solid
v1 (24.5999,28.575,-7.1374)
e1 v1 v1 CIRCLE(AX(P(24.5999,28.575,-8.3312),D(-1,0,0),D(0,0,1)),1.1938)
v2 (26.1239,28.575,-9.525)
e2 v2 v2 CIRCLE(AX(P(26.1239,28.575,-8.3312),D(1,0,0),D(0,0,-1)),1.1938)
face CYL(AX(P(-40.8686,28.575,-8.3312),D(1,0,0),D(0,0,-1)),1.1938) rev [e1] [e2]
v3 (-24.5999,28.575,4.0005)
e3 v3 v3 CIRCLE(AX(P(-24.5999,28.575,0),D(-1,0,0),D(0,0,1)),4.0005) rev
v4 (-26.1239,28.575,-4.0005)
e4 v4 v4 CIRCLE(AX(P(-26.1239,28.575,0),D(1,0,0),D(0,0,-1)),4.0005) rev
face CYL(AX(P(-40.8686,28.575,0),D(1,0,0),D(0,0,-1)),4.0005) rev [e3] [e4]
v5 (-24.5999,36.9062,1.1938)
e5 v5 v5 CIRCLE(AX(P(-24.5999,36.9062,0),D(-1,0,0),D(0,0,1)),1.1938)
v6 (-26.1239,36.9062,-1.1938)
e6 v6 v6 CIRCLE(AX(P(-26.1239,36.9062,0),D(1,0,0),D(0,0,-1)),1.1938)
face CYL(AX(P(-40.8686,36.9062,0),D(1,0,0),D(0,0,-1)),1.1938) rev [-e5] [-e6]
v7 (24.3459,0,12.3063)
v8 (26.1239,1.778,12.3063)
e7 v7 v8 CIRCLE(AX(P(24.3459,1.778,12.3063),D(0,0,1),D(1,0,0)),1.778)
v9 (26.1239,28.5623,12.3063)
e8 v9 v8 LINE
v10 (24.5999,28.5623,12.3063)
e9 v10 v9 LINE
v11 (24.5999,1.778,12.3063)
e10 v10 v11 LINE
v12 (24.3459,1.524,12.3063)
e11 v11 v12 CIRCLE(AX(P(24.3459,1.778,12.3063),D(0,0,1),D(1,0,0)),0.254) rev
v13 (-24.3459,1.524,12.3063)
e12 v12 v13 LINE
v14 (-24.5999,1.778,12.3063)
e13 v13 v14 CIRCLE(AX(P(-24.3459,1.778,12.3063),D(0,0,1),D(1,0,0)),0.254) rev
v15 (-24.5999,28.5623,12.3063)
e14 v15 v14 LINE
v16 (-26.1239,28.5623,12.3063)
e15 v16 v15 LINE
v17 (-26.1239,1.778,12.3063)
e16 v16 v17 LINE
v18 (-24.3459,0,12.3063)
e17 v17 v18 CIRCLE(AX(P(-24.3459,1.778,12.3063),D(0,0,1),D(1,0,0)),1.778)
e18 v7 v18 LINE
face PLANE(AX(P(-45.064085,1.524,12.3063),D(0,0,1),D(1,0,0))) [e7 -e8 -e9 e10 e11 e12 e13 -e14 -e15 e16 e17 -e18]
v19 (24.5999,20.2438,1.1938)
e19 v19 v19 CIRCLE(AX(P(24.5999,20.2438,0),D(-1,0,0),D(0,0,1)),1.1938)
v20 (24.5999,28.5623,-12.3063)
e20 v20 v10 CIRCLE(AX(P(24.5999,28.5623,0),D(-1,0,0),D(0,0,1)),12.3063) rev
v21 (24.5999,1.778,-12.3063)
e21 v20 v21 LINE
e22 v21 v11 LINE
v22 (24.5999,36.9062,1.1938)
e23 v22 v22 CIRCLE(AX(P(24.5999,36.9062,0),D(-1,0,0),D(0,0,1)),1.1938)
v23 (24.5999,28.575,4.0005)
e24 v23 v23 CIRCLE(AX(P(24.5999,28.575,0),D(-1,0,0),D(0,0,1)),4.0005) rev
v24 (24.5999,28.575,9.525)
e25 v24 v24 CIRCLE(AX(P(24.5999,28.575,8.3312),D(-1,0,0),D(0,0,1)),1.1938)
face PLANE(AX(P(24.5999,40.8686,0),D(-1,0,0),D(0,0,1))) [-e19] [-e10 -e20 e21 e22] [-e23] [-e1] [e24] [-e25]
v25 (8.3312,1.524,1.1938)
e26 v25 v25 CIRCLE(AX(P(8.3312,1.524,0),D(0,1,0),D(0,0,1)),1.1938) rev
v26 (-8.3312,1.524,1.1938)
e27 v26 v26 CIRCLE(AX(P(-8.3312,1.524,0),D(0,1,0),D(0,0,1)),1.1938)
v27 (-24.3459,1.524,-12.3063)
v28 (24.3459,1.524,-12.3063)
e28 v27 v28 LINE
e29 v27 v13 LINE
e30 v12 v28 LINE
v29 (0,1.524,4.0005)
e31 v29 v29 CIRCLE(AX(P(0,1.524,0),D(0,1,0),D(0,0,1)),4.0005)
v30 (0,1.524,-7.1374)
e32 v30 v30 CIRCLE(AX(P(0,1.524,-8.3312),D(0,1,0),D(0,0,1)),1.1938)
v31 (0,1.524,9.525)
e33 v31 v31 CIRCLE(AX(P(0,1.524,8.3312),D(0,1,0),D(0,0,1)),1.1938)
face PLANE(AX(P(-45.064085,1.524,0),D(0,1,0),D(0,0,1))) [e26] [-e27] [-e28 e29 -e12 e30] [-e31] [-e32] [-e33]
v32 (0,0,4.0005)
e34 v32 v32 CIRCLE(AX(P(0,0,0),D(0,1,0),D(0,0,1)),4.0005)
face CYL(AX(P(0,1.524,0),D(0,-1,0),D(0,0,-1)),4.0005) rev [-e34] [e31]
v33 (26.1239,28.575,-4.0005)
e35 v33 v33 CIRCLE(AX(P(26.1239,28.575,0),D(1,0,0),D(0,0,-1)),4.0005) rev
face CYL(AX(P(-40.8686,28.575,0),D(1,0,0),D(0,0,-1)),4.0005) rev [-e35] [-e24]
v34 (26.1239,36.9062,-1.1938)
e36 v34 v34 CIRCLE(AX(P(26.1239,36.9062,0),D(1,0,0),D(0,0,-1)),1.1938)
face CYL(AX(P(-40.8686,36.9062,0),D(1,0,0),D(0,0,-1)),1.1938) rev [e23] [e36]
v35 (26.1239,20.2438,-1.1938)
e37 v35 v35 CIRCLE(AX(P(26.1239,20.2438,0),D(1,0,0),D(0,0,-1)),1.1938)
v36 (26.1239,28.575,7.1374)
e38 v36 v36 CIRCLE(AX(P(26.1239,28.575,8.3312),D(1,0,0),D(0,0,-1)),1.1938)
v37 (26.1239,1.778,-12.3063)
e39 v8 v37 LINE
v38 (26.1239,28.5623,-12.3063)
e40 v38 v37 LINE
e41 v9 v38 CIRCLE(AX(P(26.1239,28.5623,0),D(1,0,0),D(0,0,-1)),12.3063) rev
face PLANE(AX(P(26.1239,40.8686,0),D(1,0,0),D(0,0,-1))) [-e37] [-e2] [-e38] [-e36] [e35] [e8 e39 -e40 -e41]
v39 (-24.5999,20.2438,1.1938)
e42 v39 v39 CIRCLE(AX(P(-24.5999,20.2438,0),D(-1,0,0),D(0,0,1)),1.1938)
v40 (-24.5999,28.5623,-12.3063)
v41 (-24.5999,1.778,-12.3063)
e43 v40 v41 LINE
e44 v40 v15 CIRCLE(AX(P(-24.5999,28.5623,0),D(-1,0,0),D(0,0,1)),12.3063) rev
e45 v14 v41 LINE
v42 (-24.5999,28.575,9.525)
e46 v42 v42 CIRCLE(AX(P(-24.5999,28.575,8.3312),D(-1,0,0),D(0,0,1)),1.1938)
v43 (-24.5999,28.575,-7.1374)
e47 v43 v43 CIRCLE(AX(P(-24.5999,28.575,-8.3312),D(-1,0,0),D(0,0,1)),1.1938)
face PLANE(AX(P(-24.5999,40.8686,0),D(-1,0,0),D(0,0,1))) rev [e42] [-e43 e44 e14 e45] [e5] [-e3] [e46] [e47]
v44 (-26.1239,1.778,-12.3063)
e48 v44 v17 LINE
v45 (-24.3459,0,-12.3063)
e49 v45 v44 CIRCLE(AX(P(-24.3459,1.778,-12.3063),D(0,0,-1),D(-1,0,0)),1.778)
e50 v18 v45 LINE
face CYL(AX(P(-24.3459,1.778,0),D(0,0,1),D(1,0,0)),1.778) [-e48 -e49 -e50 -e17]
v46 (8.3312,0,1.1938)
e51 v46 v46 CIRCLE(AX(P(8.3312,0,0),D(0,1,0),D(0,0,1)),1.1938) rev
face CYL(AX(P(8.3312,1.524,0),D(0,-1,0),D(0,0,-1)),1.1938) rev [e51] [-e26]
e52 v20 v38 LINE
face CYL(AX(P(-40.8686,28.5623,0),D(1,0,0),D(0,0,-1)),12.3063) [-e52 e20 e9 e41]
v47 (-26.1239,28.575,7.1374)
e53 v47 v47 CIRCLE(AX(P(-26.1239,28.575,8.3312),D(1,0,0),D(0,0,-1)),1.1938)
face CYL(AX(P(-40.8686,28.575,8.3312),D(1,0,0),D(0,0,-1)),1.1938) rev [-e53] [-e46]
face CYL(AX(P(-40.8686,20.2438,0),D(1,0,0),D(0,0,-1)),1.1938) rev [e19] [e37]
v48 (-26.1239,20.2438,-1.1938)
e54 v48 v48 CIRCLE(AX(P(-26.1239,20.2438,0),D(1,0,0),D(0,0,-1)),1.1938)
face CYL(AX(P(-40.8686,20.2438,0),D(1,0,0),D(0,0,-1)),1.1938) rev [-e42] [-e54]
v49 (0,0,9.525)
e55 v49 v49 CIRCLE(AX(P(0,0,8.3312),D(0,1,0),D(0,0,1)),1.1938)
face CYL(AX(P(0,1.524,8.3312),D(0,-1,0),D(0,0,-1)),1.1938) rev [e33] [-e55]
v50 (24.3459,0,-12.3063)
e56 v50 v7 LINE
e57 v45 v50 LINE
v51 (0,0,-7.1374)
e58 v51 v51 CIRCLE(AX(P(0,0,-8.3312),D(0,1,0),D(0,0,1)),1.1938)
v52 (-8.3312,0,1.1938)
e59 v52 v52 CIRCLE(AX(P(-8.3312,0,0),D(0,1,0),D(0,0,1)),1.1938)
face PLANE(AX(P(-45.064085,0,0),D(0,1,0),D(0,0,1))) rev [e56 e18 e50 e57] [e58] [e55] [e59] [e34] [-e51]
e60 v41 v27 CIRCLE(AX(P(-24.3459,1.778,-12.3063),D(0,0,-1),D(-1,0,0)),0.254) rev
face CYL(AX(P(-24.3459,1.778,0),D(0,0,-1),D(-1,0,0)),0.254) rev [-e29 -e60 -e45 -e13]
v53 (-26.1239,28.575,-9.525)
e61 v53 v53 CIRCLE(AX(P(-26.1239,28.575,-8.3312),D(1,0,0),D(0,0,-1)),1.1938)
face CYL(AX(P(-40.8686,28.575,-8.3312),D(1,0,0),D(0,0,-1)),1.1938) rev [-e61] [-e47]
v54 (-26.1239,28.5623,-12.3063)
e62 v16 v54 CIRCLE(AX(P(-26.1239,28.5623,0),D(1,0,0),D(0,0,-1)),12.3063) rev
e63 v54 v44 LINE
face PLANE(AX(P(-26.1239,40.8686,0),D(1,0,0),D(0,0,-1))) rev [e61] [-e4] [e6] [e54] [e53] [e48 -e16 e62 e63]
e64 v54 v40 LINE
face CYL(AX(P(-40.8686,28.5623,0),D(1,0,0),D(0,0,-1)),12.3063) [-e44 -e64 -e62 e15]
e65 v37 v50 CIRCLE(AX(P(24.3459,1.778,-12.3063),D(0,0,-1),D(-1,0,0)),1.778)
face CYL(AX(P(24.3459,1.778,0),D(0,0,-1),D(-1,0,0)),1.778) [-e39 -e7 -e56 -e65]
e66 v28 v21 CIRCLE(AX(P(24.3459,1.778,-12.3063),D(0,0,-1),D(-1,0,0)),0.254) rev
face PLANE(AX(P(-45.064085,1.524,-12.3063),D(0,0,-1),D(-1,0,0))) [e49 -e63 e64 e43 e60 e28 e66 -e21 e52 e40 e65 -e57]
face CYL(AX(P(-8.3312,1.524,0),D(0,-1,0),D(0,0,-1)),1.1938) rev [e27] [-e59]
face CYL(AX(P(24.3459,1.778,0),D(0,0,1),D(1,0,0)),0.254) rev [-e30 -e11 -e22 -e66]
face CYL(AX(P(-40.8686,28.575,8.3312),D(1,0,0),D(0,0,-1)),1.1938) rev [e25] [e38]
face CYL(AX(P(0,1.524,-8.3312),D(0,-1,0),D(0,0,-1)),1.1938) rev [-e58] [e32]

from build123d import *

# Parameters (mm, degrees)
SKETCH1_W               = 49.1998
SKETCH1_H               = 24.6126
SKETCH1_R               = 1.1938
SKETCH1_R_2             = 4.0005
EXTRUDE1_DEPTH          = 1.524
SKETCH1_3_W             = 1.524
SKETCH1_3_H             = 24.6126
EXTRUDE2_DEPTH          = 40.8686
SKETCH4_R               = 4.0005
SKETCH4_R_2             = 1.1938
CUT_EXTRUDE1_DEPTH      = 40.8686
CUT_EXTRUDE1_DEPTH_BACK = 40.8686
FILLET1_R               = 0.254
FILLET2_R               = 1.778


with BuildPart() as part:
    # Sketch1 → Extrude1 (new body)
    with BuildSketch(Plane(origin=(0, 0, 0), x_dir=(1, 0, 0), z_dir=(0, 1, 0))):
        Rectangle(SKETCH1_W, SKETCH1_H)
        with Locations((-8.3312, 0)):
            Circle(SKETCH1_R, mode=Mode.SUBTRACT)
        with Locations((0, -8.3312)):
            Circle(SKETCH1_R, mode=Mode.SUBTRACT)
        Circle(SKETCH1_R_2, mode=Mode.SUBTRACT)
        with Locations((8.3312, 0)):
            Circle(SKETCH1_R, mode=Mode.SUBTRACT)
        with Locations((0, 8.3312)):
            Circle(SKETCH1_R, mode=Mode.SUBTRACT)
    extrude(amount=EXTRUDE1_DEPTH)

    # Sketch1<3> → Extrude2 (add)
    with BuildSketch(Plane(origin=(0, 0, 0), x_dir=(1, 0, 0), z_dir=(0, 1, 0))):
        with Locations((25.3619, 0)):
            Rectangle(SKETCH1_3_W, SKETCH1_3_H)
        with Locations((-25.3619, 0)):
            Rectangle(SKETCH1_3_W, SKETCH1_3_H)
    extrude(amount=EXTRUDE2_DEPTH)

    # Sketch4 → Cut-Extrude1 (cut, two sides)
    with BuildSketch(Plane(origin=(0, 0, 0), x_dir=(0, 0, -1), z_dir=(1, 0, 0))) as cut_extrude1_sk:
        with BuildLine():
            Line((0, 40.8686), (-12.3063, 40.8686))
            Line((-12.3063, 40.8686), (-12.3063, 28.5623))
            ThreePointArc((-12.3063, 28.5623), (-8.701868181, 37.264168181), (0, 40.8686))
        make_face()
        with BuildLine():
            Line((12.3063, 40.8686), (0, 40.8686))
            ThreePointArc((0, 40.8686), (8.701868181, 37.264168181), (12.3063, 28.5623))
            Line((12.3063, 28.5623), (12.3063, 40.8686))
        make_face()
        with Locations((0, 28.575)):
            Circle(SKETCH4_R)
        with Locations((8.3312, 28.575)):
            Circle(SKETCH4_R_2)
        with Locations((0, 36.9062)):
            Circle(SKETCH4_R_2)
        with Locations((-8.3312, 28.575)):
            Circle(SKETCH4_R_2)
        with Locations((0, 20.2438)):
            Circle(SKETCH4_R_2)
    extrude(amount=CUT_EXTRUDE1_DEPTH, mode=Mode.SUBTRACT)
    extrude(cut_extrude1_sk.sketch, amount=-CUT_EXTRUDE1_DEPTH_BACK, mode=Mode.SUBTRACT)

    # Fillet1
    fillet1_edges = [part.edges().sort_by_distance(p)[0] for p in [
        (-24.5999, 1.524, 0),
        (24.5999, 1.524, 0),
    ]]
    fillet(fillet1_edges, radius=FILLET1_R)

    # Fillet2
    fillet2_edges = [part.edges().sort_by_distance(p)[0] for p in [
        (-26.1239, 0, 0),
        (26.1239, 0, 0),
    ]]
    fillet(fillet2_edges, radius=FILLET2_R)


solid = part.part
